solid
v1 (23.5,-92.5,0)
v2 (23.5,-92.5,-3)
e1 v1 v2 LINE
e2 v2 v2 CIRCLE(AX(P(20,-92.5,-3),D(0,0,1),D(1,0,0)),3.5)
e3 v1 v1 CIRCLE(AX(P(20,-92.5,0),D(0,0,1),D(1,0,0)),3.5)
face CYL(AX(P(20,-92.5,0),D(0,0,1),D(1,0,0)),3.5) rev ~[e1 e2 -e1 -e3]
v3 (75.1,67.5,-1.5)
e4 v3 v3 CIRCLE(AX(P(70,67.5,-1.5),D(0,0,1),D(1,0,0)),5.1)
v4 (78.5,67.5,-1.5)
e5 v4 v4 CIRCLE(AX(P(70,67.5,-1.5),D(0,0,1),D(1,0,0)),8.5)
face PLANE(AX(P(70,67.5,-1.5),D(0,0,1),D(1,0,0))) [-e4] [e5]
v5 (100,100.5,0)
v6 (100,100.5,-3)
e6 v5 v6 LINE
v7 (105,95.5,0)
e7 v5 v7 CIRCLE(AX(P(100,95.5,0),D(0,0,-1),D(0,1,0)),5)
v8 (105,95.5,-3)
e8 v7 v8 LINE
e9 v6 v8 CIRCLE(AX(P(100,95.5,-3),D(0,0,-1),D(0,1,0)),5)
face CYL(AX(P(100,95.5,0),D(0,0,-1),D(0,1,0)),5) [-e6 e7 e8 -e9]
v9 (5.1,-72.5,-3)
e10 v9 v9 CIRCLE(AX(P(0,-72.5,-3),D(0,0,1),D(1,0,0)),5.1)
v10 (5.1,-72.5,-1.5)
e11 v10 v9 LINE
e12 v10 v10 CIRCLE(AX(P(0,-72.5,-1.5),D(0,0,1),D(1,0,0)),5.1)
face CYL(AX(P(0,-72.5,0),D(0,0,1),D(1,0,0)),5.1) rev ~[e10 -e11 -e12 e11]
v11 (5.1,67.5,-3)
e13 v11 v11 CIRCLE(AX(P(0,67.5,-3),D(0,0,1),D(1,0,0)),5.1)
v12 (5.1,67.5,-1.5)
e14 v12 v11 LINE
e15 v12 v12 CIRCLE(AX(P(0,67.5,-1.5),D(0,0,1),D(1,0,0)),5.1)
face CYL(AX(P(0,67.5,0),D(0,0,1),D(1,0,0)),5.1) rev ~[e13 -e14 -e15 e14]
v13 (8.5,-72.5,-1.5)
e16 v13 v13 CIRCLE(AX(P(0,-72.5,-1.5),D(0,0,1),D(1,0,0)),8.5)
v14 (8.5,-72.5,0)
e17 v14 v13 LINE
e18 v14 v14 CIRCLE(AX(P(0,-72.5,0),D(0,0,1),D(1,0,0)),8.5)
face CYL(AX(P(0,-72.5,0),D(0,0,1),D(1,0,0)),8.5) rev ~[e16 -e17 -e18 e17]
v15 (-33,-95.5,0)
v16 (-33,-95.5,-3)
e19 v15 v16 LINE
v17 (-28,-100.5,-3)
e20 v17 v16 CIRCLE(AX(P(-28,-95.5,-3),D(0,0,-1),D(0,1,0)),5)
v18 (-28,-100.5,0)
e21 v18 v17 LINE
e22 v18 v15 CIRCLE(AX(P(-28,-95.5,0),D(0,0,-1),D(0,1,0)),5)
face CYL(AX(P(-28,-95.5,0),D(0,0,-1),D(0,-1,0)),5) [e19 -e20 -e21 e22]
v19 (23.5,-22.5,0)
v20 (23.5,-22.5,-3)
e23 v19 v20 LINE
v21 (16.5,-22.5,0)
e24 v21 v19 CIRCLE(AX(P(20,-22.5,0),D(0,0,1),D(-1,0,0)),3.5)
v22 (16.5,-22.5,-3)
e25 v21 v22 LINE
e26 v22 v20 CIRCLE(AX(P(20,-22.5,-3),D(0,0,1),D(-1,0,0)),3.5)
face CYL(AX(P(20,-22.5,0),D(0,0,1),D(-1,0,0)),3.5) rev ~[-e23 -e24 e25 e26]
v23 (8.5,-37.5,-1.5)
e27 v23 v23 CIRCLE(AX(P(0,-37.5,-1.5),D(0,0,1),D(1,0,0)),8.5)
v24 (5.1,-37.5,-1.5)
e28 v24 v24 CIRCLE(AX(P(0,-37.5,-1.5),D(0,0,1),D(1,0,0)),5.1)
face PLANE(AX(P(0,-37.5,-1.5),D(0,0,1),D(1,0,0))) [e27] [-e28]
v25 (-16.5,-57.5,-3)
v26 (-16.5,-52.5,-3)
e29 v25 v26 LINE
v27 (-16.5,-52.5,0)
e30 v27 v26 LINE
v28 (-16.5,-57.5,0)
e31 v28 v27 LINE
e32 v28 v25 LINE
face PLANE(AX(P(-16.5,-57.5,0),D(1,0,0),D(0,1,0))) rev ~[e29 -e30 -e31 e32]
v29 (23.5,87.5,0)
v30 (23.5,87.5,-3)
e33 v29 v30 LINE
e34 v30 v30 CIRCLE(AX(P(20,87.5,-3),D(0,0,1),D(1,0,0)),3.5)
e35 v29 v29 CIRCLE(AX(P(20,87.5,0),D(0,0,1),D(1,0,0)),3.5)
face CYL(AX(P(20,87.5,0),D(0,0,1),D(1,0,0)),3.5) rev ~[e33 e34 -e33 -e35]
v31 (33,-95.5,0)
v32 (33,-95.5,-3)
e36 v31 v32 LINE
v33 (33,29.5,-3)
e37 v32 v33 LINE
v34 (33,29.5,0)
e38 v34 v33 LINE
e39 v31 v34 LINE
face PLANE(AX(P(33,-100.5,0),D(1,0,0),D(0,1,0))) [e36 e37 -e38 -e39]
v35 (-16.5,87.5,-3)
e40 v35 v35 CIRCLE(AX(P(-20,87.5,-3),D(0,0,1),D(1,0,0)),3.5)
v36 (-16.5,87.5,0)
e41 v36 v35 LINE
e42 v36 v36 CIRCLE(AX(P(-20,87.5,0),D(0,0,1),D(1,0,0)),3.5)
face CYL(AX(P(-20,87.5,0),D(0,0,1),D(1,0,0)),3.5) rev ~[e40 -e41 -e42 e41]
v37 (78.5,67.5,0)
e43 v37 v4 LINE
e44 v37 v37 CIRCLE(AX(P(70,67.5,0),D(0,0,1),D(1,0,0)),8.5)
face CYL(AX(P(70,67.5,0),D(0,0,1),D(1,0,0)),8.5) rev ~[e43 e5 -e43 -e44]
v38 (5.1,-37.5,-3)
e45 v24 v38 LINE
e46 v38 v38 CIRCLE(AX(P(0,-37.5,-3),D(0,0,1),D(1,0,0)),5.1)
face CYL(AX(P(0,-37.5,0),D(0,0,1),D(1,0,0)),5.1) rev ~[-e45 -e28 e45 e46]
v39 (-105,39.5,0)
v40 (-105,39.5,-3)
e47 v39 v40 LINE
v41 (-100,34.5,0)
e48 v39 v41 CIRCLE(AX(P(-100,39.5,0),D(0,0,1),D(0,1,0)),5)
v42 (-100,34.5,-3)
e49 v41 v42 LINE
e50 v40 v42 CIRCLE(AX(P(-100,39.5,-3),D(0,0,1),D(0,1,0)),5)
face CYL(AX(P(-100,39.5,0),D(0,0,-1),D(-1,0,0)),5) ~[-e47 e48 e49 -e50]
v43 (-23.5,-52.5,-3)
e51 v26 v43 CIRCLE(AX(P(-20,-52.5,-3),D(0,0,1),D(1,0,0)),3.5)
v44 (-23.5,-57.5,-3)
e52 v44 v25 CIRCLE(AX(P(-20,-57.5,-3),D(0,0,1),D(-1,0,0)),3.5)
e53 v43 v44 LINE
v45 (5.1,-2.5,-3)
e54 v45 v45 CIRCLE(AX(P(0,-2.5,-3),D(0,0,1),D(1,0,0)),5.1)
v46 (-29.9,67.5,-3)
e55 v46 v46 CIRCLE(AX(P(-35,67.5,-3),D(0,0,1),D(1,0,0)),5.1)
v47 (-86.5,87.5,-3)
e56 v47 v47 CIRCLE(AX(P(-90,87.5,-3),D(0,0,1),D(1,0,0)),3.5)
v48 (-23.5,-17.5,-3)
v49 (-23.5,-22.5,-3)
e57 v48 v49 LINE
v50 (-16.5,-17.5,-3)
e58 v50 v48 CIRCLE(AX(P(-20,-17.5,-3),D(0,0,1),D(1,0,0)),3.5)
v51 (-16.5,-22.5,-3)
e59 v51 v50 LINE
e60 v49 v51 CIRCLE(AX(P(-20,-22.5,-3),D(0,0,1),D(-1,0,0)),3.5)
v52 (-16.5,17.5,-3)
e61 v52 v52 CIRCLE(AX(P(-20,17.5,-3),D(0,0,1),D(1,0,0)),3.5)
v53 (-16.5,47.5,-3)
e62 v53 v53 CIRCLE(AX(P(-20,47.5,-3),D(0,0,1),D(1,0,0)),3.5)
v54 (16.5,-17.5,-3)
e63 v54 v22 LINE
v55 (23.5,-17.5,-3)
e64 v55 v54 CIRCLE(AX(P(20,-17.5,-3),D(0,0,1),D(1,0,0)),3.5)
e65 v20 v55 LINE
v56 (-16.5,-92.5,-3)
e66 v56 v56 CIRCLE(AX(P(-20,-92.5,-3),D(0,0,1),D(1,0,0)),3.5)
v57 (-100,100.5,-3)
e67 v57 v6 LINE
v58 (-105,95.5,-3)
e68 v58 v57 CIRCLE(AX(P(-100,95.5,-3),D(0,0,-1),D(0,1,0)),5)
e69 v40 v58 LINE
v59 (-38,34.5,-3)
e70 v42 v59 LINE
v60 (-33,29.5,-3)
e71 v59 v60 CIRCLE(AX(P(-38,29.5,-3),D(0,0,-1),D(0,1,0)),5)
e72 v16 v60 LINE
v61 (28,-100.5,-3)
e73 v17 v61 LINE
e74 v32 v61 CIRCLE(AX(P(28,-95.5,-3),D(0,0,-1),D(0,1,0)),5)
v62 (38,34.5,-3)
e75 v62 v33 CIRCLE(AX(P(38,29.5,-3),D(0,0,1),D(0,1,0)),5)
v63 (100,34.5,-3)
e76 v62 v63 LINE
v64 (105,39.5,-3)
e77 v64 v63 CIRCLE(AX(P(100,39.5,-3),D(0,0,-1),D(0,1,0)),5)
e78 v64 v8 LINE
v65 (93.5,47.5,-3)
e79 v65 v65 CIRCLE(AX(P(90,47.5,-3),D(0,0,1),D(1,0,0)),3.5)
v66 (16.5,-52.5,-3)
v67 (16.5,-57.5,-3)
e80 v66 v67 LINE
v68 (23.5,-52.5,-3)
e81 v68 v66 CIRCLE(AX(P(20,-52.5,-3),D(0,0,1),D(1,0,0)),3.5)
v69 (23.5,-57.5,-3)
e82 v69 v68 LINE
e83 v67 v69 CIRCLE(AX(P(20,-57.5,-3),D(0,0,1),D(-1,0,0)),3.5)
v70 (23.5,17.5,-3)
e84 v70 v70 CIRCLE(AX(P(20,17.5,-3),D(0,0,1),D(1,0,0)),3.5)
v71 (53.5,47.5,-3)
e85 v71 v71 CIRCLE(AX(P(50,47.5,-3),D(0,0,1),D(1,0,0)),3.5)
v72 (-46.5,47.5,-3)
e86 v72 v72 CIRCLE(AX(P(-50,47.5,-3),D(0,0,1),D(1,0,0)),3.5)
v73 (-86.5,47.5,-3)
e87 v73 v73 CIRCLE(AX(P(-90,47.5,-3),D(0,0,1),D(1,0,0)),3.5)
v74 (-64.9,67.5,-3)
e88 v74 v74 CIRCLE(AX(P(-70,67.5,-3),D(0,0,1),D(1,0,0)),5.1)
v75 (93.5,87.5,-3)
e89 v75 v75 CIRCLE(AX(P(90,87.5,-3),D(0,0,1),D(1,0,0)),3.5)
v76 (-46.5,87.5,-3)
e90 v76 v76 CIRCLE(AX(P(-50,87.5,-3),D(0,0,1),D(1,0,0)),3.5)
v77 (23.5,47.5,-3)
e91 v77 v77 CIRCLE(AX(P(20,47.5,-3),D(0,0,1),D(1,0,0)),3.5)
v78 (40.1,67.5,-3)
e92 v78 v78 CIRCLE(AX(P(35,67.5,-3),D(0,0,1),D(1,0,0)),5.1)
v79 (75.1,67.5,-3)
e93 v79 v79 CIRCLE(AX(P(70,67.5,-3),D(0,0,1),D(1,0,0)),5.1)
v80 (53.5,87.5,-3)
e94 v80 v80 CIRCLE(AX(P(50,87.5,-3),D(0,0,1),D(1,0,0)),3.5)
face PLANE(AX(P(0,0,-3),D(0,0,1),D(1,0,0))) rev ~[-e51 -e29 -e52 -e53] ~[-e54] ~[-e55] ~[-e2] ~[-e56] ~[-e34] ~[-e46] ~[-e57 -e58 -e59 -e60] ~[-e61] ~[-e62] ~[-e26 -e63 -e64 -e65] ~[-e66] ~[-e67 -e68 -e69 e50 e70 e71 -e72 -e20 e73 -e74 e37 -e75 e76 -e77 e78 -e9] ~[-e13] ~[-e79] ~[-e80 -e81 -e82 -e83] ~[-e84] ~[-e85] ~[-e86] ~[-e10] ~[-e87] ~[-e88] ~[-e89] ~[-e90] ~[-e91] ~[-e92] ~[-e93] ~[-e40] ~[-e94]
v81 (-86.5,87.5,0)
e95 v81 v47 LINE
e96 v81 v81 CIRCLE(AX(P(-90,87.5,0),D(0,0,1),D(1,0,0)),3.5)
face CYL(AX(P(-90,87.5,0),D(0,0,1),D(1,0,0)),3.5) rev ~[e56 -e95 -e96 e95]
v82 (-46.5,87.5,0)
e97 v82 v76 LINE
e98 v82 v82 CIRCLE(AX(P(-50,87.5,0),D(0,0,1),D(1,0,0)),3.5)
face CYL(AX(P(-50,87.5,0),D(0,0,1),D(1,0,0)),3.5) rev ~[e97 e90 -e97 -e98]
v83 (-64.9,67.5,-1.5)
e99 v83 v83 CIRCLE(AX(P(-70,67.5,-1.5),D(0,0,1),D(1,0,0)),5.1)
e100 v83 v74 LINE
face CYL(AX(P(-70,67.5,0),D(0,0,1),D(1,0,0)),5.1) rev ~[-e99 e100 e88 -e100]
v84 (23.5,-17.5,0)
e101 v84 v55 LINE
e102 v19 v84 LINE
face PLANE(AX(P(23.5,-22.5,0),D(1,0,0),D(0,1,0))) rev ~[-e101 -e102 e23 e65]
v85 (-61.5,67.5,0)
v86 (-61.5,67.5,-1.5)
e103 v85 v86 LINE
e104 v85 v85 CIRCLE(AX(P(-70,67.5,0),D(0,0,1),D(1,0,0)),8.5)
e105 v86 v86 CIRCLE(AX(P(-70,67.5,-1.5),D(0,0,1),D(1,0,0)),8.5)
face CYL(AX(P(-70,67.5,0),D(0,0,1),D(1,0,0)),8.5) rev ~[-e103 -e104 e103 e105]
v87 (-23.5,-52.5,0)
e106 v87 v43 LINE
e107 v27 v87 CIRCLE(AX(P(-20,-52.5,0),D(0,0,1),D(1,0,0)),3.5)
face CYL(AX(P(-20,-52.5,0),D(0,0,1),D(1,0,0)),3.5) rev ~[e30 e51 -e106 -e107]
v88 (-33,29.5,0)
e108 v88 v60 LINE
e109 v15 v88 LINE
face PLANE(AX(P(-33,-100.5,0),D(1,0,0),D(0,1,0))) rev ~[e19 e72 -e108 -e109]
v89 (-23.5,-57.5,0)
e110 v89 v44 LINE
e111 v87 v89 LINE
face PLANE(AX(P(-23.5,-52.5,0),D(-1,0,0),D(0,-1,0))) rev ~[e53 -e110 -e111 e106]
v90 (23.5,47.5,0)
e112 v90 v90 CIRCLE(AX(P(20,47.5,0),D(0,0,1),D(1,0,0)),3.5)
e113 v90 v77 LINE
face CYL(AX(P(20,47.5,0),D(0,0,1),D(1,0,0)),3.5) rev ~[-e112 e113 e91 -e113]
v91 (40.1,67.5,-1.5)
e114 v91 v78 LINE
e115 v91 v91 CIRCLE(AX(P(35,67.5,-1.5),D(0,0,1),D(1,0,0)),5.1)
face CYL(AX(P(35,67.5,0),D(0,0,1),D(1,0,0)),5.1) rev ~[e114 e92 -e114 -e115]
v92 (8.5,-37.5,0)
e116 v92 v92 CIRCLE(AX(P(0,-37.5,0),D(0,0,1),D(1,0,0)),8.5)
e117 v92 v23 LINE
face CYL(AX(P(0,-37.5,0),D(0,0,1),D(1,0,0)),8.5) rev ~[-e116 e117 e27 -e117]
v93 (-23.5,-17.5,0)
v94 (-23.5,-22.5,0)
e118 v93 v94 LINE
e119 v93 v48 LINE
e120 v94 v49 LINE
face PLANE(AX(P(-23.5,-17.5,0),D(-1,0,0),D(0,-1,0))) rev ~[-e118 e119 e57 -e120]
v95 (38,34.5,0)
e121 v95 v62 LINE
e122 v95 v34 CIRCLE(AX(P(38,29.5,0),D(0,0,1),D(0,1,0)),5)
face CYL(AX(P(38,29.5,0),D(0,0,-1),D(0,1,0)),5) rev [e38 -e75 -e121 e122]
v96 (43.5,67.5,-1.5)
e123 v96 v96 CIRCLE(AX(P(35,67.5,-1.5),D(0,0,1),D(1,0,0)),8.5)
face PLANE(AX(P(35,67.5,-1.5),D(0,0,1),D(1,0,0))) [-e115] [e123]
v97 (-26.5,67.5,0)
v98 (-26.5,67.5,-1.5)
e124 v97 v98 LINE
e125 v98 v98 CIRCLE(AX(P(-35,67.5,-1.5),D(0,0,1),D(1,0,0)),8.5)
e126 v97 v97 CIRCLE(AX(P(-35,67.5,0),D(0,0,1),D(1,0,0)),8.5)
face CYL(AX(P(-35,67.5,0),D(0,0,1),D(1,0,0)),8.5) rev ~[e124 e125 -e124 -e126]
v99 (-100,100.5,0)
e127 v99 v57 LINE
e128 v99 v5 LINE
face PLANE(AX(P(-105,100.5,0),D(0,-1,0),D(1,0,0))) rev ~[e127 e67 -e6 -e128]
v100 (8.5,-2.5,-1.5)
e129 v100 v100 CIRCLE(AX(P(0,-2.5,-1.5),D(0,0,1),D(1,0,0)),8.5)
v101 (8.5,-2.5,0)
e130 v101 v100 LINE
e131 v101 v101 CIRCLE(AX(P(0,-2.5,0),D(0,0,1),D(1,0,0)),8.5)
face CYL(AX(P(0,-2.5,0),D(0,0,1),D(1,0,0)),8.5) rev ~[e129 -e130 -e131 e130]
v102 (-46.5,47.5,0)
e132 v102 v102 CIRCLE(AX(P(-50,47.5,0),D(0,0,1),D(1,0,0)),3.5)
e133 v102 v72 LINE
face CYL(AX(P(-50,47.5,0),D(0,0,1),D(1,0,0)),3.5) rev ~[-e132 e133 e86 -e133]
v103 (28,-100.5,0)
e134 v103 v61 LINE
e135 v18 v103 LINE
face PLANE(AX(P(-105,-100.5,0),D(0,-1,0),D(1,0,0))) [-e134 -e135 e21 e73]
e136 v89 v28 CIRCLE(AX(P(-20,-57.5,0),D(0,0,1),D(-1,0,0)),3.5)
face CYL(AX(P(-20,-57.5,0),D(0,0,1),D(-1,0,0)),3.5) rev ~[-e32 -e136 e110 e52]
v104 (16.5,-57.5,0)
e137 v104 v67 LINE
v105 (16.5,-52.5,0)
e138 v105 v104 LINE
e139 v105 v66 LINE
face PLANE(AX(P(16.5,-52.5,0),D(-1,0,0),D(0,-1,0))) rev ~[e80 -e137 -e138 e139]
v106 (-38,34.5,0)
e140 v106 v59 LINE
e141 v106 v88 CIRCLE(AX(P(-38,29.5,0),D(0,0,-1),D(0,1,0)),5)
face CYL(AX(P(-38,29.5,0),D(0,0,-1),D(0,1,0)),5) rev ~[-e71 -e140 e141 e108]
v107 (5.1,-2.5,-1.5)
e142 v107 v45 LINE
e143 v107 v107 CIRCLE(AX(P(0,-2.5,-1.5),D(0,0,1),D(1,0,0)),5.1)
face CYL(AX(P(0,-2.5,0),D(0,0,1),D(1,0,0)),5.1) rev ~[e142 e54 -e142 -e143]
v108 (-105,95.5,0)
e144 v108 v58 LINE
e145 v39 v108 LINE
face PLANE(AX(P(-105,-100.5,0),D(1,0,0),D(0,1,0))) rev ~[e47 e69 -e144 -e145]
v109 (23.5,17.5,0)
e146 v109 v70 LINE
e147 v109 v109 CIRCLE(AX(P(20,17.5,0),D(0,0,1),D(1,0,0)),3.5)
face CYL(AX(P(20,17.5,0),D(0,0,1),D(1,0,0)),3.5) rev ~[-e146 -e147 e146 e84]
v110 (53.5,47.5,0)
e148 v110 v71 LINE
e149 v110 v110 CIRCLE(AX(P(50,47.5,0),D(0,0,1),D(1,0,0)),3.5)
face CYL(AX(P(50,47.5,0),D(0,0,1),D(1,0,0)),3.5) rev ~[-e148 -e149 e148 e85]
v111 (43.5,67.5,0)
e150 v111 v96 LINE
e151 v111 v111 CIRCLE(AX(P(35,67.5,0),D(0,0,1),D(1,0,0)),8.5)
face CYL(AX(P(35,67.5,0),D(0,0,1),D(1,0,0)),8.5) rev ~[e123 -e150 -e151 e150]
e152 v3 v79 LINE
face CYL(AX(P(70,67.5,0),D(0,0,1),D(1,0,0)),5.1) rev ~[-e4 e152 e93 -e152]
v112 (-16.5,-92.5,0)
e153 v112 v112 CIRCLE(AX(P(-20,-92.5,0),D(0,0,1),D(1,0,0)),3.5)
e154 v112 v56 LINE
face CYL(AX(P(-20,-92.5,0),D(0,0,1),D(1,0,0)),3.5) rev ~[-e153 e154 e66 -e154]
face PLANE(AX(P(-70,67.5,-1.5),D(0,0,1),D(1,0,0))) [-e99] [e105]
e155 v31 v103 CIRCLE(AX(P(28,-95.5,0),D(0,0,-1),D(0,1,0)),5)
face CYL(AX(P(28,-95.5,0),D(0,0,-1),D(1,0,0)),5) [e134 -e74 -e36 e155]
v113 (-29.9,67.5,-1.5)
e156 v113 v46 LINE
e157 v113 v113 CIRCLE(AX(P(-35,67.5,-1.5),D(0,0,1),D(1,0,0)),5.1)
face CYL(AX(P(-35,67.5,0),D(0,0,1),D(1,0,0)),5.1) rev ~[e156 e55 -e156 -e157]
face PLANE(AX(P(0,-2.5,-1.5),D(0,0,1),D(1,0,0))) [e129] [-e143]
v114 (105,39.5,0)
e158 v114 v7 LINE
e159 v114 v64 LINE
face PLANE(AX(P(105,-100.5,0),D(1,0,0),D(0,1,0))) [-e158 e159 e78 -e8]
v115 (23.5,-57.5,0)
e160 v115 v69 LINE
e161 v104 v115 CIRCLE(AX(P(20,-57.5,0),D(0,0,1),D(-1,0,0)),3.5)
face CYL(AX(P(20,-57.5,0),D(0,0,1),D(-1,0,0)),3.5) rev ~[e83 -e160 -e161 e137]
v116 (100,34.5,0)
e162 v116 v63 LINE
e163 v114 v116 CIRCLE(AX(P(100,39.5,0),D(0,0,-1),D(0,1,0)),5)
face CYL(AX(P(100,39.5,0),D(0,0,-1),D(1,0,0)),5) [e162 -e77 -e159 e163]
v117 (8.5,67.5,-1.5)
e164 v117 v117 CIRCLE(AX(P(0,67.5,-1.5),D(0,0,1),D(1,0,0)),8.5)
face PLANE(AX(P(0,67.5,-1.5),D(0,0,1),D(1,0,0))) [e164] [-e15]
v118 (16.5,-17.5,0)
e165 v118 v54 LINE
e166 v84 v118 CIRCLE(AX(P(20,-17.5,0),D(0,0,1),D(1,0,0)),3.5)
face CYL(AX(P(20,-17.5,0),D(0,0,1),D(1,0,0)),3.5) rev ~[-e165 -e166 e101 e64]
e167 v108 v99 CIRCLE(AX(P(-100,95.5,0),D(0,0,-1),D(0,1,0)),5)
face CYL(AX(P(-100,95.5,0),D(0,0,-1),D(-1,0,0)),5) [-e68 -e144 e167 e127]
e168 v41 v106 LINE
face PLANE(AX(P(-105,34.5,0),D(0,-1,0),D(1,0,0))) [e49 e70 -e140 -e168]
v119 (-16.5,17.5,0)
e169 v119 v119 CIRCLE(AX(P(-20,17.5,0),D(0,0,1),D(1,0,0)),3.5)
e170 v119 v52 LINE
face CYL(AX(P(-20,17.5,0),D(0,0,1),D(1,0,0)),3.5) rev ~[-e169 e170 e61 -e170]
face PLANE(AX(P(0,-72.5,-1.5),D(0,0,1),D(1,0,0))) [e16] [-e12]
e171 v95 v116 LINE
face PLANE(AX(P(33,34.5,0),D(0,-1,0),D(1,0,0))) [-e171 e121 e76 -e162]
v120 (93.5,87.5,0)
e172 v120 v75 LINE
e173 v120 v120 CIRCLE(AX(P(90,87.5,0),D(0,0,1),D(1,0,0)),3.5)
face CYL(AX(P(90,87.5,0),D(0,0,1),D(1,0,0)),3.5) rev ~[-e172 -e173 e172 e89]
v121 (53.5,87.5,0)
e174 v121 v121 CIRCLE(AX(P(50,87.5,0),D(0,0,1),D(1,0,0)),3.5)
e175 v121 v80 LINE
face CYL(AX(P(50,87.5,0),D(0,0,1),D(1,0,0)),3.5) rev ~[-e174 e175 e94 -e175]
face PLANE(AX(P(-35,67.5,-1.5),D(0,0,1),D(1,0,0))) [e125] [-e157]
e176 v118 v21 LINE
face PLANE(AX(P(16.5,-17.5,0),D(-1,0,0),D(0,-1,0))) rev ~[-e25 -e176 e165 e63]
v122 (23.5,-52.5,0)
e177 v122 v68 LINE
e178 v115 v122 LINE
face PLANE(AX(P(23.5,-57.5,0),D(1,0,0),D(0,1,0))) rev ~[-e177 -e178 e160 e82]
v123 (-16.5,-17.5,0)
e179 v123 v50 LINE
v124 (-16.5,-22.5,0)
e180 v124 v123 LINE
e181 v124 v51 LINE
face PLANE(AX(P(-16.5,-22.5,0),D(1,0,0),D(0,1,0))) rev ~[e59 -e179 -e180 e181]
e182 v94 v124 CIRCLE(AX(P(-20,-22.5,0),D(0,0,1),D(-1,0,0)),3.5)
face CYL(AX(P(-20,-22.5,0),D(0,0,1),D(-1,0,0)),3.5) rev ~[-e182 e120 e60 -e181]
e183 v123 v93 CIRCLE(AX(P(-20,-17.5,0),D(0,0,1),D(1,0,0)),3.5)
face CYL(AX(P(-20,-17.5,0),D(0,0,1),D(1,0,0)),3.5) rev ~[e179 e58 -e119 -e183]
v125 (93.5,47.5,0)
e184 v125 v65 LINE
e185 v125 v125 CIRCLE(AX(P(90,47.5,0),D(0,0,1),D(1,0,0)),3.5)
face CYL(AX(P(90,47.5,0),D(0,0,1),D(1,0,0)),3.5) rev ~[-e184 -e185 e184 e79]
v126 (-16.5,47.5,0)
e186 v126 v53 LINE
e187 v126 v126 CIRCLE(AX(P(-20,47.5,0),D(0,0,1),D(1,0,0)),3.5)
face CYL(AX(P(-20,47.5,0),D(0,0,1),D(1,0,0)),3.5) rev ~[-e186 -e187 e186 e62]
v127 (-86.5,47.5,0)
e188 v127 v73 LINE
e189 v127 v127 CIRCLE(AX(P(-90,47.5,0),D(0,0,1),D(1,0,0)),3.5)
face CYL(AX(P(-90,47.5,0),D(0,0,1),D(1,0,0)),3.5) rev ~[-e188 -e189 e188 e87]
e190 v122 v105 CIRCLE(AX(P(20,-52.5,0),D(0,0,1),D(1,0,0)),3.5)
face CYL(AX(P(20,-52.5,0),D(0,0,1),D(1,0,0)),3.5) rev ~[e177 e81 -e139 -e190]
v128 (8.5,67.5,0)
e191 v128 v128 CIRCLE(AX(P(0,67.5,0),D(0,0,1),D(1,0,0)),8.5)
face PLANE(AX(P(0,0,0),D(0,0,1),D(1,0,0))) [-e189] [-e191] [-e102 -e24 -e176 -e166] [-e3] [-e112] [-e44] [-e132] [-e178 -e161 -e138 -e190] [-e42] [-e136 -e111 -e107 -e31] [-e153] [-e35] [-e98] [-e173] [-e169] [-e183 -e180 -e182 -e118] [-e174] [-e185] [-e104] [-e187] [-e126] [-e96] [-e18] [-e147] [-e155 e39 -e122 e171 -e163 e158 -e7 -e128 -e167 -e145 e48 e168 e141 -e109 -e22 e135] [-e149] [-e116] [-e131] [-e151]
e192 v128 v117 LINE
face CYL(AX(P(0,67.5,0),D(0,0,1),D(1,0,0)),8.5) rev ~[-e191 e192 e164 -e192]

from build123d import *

# Parameters (mm, degrees)
F0_W     = 210
F0_H     = 201
F1_DEPTH = 3
F2_W     = 72
F2_H     = 135
F3_DEPTH = 3.001
F4_R     = 5
F5_R     = 3.5
F5_R_2   = 5.1
F6_DEPTH = 3.001
F7_R     = 8.5
F8_DEPTH = 1.5


with BuildPart() as f1:
    # F0 (on Top) → F1 (new body)
    with BuildSketch(Plane.XY):
        Rectangle(F0_W, F0_H)
    extrude(amount=-F1_DEPTH)

    # F2 (on face) → F3 (cut, through all)
    with BuildSketch(Plane.XY):
        with Locations((69, -33)):
            Rectangle(F2_W, F2_H)
        with Locations((-69, -33)):
            Rectangle(F2_W, F2_H)
    extrude(amount=-F3_DEPTH, mode=Mode.SUBTRACT)

    # F4
    f4_edges = [f1.edges().sort_by_distance(p)[0] for p in [
        (33, -100.5, -1.5),
        (33, 34.5, -1.5),
        (105, 34.5, -1.5),
        (105, 100.5, -1.5),
        (-33, -100.5, -1.5),
        (-33, 34.5, -1.5),
        (-105, 34.5, -1.5),
        (-105, 100.5, -1.5),
    ]]
    fillet(f4_edges, radius=F4_R)

    # F5 (on face) → F6 (cut, through all)
    with BuildSketch(Plane.XY):
        with Locations((-90, 87.5)):
            Circle(F5_R)
        with Locations((-90, 47.5)):
            Circle(F5_R)
        with Locations((-50, 87.5)):
            Circle(F5_R)
        with Locations((-50, 47.5)):
            Circle(F5_R)
        with Locations((-70, 67.5)):
            Circle(F5_R_2)
        with Locations((-20, 87.5)):
            Circle(F5_R)
        with Locations((20, 87.5)):
            Circle(F5_R)
        with Locations((50, 87.5)):
            Circle(F5_R)
        with Locations((90, 87.5)):
            Circle(F5_R)
        with Locations((-20, 47.5)):
            Circle(F5_R)
        with Locations((20, 47.5)):
            Circle(F5_R)
        with Locations((50, 47.5)):
            Circle(F5_R)
        with Locations((90, 47.5)):
            Circle(F5_R)
        with Locations((-35, 67.5)):
            Circle(F5_R_2)
        with Locations((0, 67.5)):
            Circle(F5_R_2)
        with Locations((35, 67.5)):
            Circle(F5_R_2)
        with Locations((70, 67.5)):
            Circle(F5_R_2)
        with Locations((-20, 17.5)):
            Circle(F5_R)
        with Locations((-20, -92.5)):
            Circle(F5_R)
        with BuildLine():
            ThreePointArc((-16.5, -17.5), (-20, -14), (-23.5, -17.5))
            Line((-23.5, -17.5), (-23.5, -22.5))
            ThreePointArc((-23.5, -22.5), (-20, -26), (-16.5, -22.5))
            Line((-16.5, -22.5), (-16.5, -17.5))
        make_face()
        with BuildLine():
            ThreePointArc((-16.5, -52.5), (-20, -49), (-23.5, -52.5))
            Line((-23.5, -52.5), (-23.5, -57.5))
            ThreePointArc((-23.5, -57.5), (-20, -61), (-16.5, -57.5))
            Line((-16.5, -57.5), (-16.5, -52.5))
        make_face()
        with Locations((20, -92.5)):
            Circle(F5_R)
        with BuildLine():
            Line((16.5, -52.5), (16.5, -57.5))
            ThreePointArc((16.5, -57.5), (20, -61), (23.5, -57.5))
            Line((23.5, -57.5), (23.5, -52.5))
            ThreePointArc((23.5, -52.5), (20, -49), (16.5, -52.5))
        make_face()
        with BuildLine():
            Line((23.5, -22.5), (23.5, -17.5))
            ThreePointArc((23.5, -17.5), (20, -14), (16.5, -17.5))
            Line((16.5, -17.5), (16.5, -22.5))
            ThreePointArc((16.5, -22.5), (20, -26), (23.5, -22.5))
        make_face()
        with Locations((20, 17.5)):
            Circle(F5_R)
        with Locations((0, -2.5)):
            Circle(F5_R_2)
        with Locations((0, -37.5)):
            Circle(F5_R_2)
        with Locations((0, -72.5)):
            Circle(F5_R_2)
    extrude(amount=-F6_DEPTH, mode=Mode.SUBTRACT)

    # F7 (on face) → F8 (cut)
    with BuildSketch(Plane.XY):
        with Locations((-70, 67.5)):
            Circle(F7_R)
        with Locations((-35, 67.5)):
            Circle(F7_R)
        with Locations((0, 67.5)):
            Circle(F7_R)
        with Locations((35, 67.5)):
            Circle(F7_R)
        with Locations((70, 67.5)):
            Circle(F7_R)
        with Locations((0, -72.5)):
            Circle(F7_R)
        with Locations((0, -37.5)):
            Circle(F7_R)
        with Locations((0, -2.5)):
            Circle(F7_R)
    extrude(amount=-F8_DEPTH, mode=Mode.SUBTRACT)


solid = f1.part
